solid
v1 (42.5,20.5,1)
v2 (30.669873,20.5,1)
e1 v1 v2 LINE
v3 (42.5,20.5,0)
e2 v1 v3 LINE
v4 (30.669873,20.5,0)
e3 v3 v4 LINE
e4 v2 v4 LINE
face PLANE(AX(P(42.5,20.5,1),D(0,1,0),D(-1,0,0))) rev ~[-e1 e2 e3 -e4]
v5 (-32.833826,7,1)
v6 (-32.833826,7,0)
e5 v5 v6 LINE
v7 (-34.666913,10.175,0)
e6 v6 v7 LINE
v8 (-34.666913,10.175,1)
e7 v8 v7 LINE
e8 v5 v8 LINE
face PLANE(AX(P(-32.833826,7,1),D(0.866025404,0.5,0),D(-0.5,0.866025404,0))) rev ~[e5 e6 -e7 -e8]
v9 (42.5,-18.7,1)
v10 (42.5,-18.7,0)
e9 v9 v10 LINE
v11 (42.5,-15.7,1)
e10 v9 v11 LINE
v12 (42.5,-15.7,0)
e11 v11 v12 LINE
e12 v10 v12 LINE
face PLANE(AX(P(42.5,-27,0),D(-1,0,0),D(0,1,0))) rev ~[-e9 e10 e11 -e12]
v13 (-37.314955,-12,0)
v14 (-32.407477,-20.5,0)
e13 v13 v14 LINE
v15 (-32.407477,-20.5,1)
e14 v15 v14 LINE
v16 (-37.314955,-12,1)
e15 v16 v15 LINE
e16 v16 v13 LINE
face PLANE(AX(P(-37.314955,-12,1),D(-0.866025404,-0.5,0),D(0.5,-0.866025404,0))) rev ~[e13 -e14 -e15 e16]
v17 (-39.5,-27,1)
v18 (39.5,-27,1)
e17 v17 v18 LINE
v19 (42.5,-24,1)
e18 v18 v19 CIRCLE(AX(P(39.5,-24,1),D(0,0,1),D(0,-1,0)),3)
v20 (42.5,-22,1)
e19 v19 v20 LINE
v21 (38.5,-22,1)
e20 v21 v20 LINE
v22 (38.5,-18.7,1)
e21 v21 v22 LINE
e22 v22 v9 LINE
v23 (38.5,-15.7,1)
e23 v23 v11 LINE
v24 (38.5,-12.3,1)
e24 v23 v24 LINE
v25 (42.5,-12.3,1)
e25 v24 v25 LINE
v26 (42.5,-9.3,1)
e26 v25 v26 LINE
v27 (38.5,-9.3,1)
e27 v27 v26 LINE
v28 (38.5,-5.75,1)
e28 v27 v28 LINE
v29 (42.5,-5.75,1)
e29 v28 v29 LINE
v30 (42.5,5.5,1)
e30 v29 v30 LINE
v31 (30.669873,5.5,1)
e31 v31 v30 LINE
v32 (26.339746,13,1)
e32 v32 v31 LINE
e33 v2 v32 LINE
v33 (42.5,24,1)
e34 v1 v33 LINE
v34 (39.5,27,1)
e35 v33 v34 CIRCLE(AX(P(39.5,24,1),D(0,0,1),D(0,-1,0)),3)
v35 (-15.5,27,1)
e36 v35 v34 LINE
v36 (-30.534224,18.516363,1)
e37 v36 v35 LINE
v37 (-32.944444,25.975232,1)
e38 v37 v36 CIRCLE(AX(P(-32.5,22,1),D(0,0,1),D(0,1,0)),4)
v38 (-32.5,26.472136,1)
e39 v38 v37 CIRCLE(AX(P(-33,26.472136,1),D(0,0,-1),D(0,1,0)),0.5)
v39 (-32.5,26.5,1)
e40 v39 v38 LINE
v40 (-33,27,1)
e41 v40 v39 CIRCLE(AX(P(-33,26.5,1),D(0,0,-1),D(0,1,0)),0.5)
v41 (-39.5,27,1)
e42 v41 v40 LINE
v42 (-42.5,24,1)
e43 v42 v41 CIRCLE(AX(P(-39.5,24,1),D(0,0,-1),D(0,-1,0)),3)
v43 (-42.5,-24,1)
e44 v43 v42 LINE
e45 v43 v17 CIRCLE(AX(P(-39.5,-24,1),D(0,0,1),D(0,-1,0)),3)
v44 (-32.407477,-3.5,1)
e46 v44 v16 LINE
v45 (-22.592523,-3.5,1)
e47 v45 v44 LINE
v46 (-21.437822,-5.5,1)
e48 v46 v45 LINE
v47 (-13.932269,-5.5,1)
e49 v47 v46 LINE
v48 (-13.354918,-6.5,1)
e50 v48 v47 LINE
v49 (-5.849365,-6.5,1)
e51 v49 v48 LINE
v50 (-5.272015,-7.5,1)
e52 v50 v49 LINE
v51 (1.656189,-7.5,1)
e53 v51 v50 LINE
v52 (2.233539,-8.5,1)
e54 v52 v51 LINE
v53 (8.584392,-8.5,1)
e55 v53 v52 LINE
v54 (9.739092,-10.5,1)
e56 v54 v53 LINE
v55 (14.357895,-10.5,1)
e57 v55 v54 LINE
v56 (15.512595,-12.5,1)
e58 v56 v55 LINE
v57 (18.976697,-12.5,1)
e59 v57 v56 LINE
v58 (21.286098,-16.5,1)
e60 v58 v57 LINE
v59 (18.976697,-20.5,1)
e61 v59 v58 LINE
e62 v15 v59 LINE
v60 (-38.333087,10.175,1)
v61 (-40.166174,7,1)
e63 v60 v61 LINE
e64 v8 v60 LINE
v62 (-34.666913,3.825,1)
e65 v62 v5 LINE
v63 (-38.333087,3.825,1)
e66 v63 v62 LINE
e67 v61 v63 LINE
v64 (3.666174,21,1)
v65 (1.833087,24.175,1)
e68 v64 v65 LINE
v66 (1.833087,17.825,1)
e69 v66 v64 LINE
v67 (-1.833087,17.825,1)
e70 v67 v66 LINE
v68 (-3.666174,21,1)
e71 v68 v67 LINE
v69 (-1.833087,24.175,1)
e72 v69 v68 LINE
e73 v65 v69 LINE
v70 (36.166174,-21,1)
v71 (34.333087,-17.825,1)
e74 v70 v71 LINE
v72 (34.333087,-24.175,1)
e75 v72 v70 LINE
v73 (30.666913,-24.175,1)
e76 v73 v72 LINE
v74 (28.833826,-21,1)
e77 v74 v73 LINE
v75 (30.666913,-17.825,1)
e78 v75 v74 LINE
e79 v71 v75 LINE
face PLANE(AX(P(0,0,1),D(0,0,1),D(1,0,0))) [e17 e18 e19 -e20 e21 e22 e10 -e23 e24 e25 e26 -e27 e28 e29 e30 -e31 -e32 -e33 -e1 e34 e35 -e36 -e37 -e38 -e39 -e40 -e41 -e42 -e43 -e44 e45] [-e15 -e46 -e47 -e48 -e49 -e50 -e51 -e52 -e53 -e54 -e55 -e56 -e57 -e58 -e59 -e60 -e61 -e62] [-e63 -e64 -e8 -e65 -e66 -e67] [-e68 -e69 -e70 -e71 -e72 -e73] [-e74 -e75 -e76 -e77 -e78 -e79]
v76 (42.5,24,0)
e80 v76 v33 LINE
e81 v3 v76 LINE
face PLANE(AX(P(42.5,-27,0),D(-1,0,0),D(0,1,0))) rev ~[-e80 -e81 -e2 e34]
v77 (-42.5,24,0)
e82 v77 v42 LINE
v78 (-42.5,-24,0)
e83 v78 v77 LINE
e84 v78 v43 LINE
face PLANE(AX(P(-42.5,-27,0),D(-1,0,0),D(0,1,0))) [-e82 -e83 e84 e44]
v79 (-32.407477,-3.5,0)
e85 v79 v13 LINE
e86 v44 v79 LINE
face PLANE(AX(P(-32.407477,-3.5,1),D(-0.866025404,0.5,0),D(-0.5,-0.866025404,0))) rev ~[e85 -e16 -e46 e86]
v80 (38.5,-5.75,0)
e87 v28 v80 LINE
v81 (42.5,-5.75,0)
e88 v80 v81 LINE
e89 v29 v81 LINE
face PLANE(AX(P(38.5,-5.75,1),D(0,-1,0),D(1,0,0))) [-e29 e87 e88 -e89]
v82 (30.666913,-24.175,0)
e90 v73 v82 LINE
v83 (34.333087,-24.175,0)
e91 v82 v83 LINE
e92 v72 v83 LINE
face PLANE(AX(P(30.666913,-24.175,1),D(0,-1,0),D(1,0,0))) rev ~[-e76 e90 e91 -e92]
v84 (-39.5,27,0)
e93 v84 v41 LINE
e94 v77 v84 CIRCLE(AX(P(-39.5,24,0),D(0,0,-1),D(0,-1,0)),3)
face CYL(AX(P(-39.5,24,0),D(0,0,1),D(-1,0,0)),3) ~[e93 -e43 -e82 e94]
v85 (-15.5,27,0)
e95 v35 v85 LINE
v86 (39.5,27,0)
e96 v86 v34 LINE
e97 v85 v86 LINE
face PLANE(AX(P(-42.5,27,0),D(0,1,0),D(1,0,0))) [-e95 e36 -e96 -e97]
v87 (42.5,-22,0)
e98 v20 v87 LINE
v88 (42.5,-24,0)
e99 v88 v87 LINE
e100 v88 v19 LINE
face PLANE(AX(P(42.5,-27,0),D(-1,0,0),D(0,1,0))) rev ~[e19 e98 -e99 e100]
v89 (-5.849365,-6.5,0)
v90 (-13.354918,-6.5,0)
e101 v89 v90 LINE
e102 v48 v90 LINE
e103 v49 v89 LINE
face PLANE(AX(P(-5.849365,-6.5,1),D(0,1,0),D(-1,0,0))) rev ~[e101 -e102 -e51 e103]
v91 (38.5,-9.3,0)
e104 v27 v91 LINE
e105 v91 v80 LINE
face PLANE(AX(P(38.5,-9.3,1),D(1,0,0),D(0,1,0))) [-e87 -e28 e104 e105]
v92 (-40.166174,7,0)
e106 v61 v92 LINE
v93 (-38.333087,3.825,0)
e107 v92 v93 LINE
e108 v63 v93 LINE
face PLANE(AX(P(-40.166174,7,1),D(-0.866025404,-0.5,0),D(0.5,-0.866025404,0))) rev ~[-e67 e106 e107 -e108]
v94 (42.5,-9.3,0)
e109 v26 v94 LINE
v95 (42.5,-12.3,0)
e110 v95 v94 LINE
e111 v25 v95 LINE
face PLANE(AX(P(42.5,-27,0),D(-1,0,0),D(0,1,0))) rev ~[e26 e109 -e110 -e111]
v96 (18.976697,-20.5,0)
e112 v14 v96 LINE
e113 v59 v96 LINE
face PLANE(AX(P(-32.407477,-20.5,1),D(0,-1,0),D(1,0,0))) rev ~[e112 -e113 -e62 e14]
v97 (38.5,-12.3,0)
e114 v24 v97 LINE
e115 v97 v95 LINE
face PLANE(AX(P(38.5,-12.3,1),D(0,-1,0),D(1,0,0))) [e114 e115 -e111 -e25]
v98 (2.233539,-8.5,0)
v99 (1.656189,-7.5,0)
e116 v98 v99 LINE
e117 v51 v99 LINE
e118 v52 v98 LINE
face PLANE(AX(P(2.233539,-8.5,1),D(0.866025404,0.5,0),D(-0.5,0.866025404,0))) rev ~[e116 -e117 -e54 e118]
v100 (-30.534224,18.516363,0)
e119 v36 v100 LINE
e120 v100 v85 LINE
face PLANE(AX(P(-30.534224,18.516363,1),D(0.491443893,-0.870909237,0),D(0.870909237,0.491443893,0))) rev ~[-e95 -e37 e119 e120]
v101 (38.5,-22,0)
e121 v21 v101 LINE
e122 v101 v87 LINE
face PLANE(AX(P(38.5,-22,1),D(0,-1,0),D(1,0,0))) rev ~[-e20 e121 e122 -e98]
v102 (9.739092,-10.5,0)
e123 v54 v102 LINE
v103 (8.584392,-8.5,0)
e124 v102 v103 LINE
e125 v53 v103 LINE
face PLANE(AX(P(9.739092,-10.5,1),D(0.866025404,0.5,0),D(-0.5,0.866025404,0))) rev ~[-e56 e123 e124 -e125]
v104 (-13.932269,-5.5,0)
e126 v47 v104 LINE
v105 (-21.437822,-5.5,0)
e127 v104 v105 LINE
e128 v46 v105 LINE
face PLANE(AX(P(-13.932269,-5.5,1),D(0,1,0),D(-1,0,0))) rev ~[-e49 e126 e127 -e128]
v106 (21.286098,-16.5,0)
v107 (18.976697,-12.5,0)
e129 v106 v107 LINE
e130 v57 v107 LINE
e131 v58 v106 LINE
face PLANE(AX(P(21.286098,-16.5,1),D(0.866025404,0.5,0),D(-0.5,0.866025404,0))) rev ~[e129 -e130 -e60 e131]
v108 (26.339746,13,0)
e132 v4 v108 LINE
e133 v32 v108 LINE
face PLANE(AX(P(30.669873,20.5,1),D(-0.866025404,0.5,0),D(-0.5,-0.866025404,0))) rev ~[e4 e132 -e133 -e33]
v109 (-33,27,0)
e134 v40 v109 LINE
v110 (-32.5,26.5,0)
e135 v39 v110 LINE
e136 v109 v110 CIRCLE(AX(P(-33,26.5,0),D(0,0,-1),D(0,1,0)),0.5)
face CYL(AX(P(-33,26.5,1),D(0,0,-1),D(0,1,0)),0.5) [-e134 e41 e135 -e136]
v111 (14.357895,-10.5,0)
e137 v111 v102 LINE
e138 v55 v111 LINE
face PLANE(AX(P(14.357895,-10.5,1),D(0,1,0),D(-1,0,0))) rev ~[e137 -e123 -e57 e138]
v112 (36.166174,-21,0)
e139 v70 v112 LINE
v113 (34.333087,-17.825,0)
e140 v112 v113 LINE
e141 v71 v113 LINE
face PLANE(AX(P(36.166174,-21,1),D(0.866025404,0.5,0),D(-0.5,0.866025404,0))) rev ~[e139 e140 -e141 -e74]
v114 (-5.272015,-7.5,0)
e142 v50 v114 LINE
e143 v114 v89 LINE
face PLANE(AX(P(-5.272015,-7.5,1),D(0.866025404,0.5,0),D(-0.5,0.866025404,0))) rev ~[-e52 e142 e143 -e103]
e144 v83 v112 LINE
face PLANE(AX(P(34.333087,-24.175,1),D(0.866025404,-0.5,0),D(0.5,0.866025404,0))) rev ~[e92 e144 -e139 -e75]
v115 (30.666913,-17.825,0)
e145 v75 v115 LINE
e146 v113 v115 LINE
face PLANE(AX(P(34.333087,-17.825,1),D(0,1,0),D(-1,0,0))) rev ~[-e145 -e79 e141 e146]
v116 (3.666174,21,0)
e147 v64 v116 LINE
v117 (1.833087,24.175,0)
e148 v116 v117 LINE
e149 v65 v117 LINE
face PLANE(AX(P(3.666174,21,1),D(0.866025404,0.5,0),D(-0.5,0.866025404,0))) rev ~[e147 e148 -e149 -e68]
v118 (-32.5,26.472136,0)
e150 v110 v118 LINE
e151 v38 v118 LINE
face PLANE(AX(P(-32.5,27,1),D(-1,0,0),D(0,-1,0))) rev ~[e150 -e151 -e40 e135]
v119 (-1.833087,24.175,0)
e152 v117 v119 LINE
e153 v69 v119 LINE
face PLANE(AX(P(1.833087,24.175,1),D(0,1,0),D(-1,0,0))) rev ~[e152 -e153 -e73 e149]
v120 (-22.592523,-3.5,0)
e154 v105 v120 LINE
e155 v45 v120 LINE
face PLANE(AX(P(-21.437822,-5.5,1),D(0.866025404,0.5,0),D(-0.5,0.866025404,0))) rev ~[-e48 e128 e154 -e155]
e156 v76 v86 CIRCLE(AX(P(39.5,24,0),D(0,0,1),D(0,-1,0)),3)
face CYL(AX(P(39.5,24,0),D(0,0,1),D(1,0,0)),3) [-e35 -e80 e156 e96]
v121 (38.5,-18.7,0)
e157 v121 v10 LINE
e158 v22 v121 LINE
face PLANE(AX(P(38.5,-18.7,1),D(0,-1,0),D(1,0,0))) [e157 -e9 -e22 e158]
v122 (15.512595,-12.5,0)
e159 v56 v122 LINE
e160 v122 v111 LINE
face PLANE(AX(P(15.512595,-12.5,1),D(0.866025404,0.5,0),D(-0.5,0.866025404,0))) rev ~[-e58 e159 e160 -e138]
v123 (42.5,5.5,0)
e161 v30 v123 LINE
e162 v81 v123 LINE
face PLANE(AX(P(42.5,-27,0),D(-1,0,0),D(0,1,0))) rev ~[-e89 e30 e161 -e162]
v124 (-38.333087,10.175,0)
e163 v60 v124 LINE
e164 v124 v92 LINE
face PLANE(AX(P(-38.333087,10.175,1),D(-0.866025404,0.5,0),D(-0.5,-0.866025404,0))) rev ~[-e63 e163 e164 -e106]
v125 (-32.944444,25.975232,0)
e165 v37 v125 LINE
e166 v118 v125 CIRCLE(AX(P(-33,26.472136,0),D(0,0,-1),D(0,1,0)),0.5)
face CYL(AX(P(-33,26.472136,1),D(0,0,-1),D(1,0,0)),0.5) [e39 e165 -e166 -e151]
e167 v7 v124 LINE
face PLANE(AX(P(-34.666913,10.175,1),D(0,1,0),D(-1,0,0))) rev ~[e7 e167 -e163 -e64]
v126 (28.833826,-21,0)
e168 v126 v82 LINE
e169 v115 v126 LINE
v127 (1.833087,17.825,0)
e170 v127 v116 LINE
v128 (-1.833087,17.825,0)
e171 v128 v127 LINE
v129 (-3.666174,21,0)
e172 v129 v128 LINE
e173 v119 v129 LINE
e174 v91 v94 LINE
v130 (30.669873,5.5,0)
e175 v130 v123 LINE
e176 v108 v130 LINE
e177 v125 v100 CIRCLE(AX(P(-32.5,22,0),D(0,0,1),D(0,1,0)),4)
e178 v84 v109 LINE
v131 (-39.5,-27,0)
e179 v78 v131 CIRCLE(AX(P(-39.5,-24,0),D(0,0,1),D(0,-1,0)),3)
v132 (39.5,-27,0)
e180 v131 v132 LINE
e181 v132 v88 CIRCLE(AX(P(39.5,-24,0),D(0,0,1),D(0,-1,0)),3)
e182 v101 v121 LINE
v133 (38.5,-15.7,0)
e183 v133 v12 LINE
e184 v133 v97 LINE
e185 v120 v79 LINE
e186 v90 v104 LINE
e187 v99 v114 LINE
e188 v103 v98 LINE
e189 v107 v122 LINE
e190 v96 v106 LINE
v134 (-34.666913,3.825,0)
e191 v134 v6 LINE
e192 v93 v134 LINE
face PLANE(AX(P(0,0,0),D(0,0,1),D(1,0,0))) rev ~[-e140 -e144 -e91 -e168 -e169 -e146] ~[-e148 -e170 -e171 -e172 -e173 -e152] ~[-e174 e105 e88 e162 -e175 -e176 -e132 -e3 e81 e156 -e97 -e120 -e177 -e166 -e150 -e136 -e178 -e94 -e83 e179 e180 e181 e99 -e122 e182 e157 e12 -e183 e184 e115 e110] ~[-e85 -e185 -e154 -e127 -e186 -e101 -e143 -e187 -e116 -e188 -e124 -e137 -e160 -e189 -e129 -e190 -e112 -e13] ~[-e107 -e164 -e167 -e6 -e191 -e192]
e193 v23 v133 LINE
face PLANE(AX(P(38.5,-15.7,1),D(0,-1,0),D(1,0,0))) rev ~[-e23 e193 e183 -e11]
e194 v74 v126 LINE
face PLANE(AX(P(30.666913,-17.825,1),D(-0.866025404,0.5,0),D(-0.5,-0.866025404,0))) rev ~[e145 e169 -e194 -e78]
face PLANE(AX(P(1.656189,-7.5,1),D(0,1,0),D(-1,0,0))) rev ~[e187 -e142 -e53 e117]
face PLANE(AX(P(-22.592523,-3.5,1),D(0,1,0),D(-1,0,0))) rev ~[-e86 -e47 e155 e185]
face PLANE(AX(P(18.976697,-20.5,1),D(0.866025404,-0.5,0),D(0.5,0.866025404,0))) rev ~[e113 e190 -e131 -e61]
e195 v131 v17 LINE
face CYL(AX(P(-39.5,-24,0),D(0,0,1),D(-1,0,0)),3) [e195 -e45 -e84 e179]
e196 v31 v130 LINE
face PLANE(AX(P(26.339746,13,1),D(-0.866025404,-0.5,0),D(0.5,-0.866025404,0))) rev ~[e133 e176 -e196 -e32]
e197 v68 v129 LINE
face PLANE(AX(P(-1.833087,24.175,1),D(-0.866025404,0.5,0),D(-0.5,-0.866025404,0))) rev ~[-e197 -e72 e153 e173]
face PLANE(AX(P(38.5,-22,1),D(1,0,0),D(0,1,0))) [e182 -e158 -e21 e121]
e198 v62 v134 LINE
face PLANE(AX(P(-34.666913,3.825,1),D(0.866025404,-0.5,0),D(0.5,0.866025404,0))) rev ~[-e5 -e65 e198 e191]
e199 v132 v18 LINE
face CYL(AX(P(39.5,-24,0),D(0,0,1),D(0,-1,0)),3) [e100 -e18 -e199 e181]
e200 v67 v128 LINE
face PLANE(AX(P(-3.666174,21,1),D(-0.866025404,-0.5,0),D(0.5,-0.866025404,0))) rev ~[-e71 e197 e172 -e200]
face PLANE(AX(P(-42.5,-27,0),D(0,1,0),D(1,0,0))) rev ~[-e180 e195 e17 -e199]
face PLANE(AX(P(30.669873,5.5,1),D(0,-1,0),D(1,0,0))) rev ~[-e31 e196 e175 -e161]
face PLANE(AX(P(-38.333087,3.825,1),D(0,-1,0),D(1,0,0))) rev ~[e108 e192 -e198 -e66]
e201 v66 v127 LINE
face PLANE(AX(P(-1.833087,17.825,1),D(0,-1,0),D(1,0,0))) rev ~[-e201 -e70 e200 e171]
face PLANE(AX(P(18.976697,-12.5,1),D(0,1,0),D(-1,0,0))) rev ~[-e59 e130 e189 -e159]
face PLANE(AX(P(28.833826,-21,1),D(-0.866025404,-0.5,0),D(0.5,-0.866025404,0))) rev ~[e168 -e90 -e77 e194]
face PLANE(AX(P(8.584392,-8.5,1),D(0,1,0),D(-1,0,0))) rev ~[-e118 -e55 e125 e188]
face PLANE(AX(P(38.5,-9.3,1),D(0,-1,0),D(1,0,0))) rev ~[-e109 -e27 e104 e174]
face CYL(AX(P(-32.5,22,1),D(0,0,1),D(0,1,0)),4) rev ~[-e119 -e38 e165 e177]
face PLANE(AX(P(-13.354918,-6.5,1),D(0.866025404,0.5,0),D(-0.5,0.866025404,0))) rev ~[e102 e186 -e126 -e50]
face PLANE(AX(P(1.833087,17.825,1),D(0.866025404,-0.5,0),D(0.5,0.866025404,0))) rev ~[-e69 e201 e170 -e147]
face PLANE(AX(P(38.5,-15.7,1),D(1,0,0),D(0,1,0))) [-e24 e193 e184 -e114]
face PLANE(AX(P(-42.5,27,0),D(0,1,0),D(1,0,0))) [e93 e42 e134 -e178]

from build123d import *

# Parameters (mm, degrees)
F0_W      = 85
F0_H      = 54
F1_DEPTH  = 1
F2_R      = 3
F4_DEPTH  = 1.001
F5_W      = 4
F5_H      = 3.55
F5_H_2    = 3.4
F5_H_3    = 3.3
F6_DEPTH  = 1.001
F8_DEPTH  = 1.001
F10_DEPTH = 1.001
F11_R     = 0.5
F13_DEPTH = 1.001


with BuildPart() as f1:
    # F0 (on Top) → F1 (new body)
    with BuildSketch(Plane.XY):
        Rectangle(F0_W, F0_H)
    extrude(amount=F1_DEPTH)

    # F2
    f2_edges = [f1.edges().sort_by_distance(p)[0] for p in [
        (-42.5, -27, 0.5),
        (-42.5, 27, 0.5),
        (42.5, -27, 0.5),
        (42.5, 27, 0.5),
    ]]
    fillet(f2_edges, radius=F2_R)

    # F3 (on face) → F4 (cut, through all)
    with BuildSketch(Plane.XY.offset(1)):
        Polygon((-22.5925227119, -3.5), (-32.4074772881, -3.5), (-37.3149545762, -12), (-32.4074772881, -20.5), (-22.5925227119, -20.5), (-13.932268674, -20.5), (-5.8493649054, -20.5), (1.6561885941, -20.5), (8.5843918244, -20.5), (14.3578945162, -20.5), (18.9766966698, -20.5), (21.2860977465, -16.5), (18.9766966698, -12.5), (15.5125950546, -12.5), (14.3578945162, -10.5), (9.7390923627, -10.5), (8.5843918244, -8.5), (2.2335388633, -8.5), (1.6561885941, -7.5), (-5.2720146362, -7.5), (-5.8493649054, -6.5), (-13.3549184049, -6.5), (-13.932268674, -5.5), (-21.4378221735, -5.5), align=None)
    extrude(amount=-F4_DEPTH, mode=Mode.SUBTRACT)

    # F5 (on face) → F6 (cut, through all)
    with BuildSketch(Plane.XY.offset(1)):
        with Locations((40.5, -7.525)):
            Rectangle(F5_W, F5_H)
        with Locations((40.5, -14)):
            Rectangle(F5_W, F5_H_2)
        with Locations((40.5, -20.35)):
            Rectangle(F5_W, F5_H_3)
    extrude(amount=-F6_DEPTH, mode=Mode.SUBTRACT)

    # F7 (on face) → F8 (cut, through all)
    with BuildSketch(Plane.XY.offset(1)):
        Polygon((42.5, 20.5), (30.6698729811, 20.5), (26.3397459622, 13), (30.6698729811, 5.5), (42.5, 5.5), align=None)
    extrude(amount=-F8_DEPTH, mode=Mode.SUBTRACT)

    # F9 (on face) → F10 (cut, through all)
    with BuildSketch(Plane.XY.offset(1)):
        with BuildLine():
            Line((-32.5, 27), (-32.5, 26))
            ThreePointArc((-32.5, 26), (-36.3687561178, 20.9837686773), (-30.5342244266, 18.5163630506))
            Line((-30.5342244266, 18.5163630506), (-15.5, 27))
            Line((-15.5, 27), (-32.5, 27))
        make_face()
    extrude(amount=-F10_DEPTH, mode=Mode.SUBTRACT)

    # F11
    f11_edges = [f1.edges().sort_by_distance(p)[0] for p in [
        (-32.5, 26, 0.5),
        (-32.5, 27, 0.5),
    ]]
    fillet(f11_edges, radius=F11_R)

    # F12 (on face) → F13 (cut, through all)
    with BuildSketch(Plane.XY.offset(1)):
        Polygon((1.8330871047, 24.175), (-1.8330871047, 24.175), (-3.6661742094, 21), (-1.8330871047, 17.825), (1.8330871047, 17.825), (3.6661742094, 21), align=None)
        Polygon((34.3330871047, -17.825), (30.6669128953, -17.825), (28.8338257906, -21), (30.6669128953, -24.175), (34.3330871047, -24.175), (36.1661742094, -21), align=None)
        Polygon((-34.6669128953, 10.175), (-38.3330871047, 10.175), (-40.1661742094, 7), (-38.3330871047, 3.825), (-34.6669128953, 3.825), (-32.8338257906, 7), align=None)
    extrude(amount=-F13_DEPTH, mode=Mode.SUBTRACT)


solid = f1.part
